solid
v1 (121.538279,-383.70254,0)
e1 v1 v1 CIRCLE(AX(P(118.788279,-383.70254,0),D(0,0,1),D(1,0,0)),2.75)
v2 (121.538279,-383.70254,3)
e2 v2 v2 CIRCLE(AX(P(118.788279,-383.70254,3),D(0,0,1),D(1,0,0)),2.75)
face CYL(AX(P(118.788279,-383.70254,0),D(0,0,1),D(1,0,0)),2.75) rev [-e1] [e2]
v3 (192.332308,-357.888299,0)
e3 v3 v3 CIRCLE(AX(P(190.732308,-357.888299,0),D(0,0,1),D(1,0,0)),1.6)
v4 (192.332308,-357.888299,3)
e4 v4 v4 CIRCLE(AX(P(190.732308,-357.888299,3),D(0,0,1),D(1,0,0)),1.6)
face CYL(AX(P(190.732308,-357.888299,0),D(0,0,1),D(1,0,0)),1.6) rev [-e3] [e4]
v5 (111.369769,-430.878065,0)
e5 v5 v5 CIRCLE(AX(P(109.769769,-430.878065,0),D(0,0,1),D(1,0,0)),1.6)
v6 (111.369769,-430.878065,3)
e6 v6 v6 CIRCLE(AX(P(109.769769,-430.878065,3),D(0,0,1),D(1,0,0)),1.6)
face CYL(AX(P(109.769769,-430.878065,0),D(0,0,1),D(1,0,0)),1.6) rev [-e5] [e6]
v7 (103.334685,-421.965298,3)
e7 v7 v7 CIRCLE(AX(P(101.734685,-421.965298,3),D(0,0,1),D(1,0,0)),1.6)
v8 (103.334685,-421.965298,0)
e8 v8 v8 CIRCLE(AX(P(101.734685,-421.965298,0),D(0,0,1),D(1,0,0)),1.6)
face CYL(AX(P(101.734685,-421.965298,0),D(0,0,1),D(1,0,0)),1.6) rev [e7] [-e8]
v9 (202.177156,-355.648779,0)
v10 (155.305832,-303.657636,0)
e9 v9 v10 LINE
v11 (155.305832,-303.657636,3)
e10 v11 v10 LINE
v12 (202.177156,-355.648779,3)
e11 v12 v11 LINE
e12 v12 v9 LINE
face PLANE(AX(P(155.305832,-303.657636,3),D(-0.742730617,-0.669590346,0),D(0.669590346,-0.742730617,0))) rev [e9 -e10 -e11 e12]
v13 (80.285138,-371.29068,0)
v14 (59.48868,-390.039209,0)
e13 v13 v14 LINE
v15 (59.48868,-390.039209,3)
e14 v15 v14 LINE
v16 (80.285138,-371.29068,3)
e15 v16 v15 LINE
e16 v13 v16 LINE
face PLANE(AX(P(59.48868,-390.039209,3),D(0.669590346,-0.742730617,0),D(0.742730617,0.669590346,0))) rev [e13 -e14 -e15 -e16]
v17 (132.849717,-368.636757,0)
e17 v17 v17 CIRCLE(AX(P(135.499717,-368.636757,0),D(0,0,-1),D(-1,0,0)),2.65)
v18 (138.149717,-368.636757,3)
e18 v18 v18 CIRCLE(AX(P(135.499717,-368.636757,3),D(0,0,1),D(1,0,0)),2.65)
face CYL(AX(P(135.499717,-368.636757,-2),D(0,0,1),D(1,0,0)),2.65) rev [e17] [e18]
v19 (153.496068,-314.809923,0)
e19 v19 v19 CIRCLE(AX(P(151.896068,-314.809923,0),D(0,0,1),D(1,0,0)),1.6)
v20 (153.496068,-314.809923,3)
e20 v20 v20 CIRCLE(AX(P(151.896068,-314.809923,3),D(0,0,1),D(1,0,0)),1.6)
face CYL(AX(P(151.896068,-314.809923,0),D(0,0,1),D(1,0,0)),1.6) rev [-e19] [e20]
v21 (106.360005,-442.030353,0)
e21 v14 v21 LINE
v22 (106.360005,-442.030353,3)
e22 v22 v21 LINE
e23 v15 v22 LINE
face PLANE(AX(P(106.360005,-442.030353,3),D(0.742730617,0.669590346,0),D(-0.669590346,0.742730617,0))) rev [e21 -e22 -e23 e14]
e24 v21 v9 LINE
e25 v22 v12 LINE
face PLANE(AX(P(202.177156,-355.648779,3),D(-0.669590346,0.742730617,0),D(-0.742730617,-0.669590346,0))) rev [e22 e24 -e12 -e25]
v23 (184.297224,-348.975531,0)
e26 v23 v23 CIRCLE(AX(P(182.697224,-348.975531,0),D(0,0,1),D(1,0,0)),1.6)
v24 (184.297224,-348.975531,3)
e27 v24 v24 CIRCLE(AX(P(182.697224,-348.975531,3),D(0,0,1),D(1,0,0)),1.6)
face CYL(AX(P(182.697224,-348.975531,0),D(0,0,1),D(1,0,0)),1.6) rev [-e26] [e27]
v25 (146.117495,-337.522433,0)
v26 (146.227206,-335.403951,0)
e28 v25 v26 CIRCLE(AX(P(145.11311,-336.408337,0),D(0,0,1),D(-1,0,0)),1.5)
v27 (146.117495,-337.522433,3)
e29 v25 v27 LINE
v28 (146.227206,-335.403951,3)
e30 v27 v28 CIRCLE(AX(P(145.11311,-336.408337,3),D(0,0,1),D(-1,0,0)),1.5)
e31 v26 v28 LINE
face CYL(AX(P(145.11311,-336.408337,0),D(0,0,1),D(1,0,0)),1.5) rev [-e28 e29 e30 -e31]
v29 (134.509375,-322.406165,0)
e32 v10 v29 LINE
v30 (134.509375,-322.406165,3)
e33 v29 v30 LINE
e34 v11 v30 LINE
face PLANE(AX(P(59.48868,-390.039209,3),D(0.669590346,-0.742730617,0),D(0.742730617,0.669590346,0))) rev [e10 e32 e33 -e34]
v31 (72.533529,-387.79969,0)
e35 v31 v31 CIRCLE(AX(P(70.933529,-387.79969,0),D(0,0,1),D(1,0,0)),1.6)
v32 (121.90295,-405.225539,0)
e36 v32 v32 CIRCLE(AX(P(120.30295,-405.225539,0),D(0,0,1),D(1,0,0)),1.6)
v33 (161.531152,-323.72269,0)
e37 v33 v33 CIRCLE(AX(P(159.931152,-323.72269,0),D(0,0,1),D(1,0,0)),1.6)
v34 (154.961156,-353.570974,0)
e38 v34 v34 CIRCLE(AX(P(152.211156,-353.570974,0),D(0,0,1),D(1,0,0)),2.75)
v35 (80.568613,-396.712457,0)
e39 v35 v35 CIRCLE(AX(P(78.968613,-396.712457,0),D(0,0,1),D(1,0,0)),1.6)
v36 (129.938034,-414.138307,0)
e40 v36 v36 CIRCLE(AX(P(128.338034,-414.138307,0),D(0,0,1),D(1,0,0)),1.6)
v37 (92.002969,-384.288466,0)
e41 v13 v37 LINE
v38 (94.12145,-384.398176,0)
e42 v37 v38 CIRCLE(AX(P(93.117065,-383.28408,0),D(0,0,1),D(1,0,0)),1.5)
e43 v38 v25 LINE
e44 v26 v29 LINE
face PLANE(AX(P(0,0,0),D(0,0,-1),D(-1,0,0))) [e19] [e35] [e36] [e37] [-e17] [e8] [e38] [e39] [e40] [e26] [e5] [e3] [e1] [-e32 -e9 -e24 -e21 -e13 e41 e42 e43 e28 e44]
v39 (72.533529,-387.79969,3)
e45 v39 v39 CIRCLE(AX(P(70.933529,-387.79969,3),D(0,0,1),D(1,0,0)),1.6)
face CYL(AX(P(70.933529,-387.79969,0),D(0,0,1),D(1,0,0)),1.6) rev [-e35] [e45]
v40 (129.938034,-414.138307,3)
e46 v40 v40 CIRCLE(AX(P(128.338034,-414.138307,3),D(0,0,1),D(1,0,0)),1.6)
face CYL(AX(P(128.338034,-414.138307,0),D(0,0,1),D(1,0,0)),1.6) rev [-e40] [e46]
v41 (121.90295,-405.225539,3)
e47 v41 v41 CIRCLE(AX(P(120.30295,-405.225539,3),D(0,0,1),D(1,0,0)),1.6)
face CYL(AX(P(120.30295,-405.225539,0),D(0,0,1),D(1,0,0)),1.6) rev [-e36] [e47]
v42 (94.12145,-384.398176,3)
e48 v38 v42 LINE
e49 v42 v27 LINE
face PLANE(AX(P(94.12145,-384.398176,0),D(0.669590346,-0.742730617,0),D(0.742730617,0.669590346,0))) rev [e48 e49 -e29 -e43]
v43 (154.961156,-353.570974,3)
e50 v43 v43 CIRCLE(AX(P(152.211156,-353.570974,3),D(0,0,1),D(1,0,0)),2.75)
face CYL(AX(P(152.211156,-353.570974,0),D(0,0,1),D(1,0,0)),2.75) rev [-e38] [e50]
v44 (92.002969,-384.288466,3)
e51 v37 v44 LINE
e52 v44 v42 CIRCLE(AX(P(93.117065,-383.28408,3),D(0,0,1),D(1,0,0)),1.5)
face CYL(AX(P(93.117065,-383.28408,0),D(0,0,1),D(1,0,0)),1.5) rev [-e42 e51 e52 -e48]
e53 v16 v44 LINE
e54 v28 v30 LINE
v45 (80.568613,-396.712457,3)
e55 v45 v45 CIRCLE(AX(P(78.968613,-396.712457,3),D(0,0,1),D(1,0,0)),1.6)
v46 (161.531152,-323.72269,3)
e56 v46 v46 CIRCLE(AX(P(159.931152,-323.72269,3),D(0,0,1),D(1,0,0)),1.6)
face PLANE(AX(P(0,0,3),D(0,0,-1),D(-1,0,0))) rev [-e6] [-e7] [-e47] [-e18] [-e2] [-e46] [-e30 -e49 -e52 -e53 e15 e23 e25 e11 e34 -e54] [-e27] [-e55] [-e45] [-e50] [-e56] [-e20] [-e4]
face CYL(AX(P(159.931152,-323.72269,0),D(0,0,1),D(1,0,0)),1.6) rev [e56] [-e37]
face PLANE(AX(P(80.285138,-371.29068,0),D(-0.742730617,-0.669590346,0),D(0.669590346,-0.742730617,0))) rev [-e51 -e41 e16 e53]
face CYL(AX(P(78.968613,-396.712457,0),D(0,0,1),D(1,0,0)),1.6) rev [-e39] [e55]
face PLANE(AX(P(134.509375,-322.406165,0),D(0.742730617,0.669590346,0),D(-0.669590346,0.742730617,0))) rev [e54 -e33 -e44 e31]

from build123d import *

# Parameters (mm, degrees)
EXTRUDE1_DEPTH     = 3
SKETCH2_R          = 2.65
CUT_EXTRUDE1_DEPTH = 5
SKETCH4_R          = 1.6
CUT_EXTRUDE3_DEPTH = 3


with BuildPart() as part:
    # Sketch1 → Extrude1 (new body)
    with BuildSketch(Plane.XY):
        Polygon((155.305831868, -303.657635717), (202.177156078, -355.648778874), (106.360004666, -442.030352657), (59.488680456, -390.0392095), align=None)
    extrude(amount=EXTRUDE1_DEPTH)

    # Sketch2 → Cut-Extrude1 (cut)
    with BuildSketch(Plane.XY.offset(3)):
        with Locations((135.499717478, -368.636757231)):
            Circle(SKETCH2_R)
    extrude(amount=-CUT_EXTRUDE1_DEPTH, mode=Mode.SUBTRACT)

    # Sketch4 → Cut-Extrude3 (cut)
    with BuildSketch(Plane.XY.offset(3)):
        with Locations((151.896067778, -314.809922875)):
            Circle(SKETCH4_R)
        with Locations((159.931151928, -323.722690273)):
            Circle(SKETCH4_R)
        with Locations((182.697223687, -348.975531235)):
            Circle(SKETCH4_R)
        with Locations((190.732307837, -357.888298634)):
            Circle(SKETCH4_R)
        with Locations((70.933528696, -387.79968974)):
            Circle(SKETCH4_R)
        with Locations((78.968612847, -396.712457139)):
            Circle(SKETCH4_R)
        with Locations((120.302950019, -405.225539455)):
            Circle(SKETCH4_R)
        with Locations((128.338034169, -414.138306853)):
            Circle(SKETCH4_R)
        with Locations((101.734684606, -421.965298101)):
            Circle(SKETCH4_R)
        with Locations((109.769768756, -430.878065499)):
            Circle(SKETCH4_R)
        with BuildLine():
            Line((80.285137719, -371.290679816), (134.509374605, -322.406165401))
            Line((134.509374605, -322.406165401), (146.227205658, -335.40395119))
            ThreePointArc((146.227205658, -335.40395119), (146.611102327, -336.485913681), (146.117495252, -337.522432634))
            Line((146.117495252, -337.522432634), (94.121450215, -384.398176011))
            ThreePointArc((94.121450215, -384.398176011), (93.039487724, -384.782072681), (92.002968771, -384.288465605))
            Line((92.002968771, -384.288465605), (80.285137719, -371.290679816))
        make_face()
        with BuildLine():
            ThreePointArc((154.253665546, -351.729600998), (150.369782899, -351.528465254), (150.168647155, -355.412347901))
            ThreePointArc((150.168647155, -355.412347901), (154.052529802, -355.613483645), (154.253665546, -351.729600998))
        make_face()
        with BuildLine():
            ThreePointArc((120.830787802, -381.861166562), (116.946905155, -381.660030818), (116.745769411, -385.543913464))
            ThreePointArc((116.745769411, -385.543913464), (120.629652058, -385.745049208), (120.830787802, -381.861166562))
        make_face()
    extrude(amount=-CUT_EXTRUDE3_DEPTH, mode=Mode.SUBTRACT)


solid = part.part
